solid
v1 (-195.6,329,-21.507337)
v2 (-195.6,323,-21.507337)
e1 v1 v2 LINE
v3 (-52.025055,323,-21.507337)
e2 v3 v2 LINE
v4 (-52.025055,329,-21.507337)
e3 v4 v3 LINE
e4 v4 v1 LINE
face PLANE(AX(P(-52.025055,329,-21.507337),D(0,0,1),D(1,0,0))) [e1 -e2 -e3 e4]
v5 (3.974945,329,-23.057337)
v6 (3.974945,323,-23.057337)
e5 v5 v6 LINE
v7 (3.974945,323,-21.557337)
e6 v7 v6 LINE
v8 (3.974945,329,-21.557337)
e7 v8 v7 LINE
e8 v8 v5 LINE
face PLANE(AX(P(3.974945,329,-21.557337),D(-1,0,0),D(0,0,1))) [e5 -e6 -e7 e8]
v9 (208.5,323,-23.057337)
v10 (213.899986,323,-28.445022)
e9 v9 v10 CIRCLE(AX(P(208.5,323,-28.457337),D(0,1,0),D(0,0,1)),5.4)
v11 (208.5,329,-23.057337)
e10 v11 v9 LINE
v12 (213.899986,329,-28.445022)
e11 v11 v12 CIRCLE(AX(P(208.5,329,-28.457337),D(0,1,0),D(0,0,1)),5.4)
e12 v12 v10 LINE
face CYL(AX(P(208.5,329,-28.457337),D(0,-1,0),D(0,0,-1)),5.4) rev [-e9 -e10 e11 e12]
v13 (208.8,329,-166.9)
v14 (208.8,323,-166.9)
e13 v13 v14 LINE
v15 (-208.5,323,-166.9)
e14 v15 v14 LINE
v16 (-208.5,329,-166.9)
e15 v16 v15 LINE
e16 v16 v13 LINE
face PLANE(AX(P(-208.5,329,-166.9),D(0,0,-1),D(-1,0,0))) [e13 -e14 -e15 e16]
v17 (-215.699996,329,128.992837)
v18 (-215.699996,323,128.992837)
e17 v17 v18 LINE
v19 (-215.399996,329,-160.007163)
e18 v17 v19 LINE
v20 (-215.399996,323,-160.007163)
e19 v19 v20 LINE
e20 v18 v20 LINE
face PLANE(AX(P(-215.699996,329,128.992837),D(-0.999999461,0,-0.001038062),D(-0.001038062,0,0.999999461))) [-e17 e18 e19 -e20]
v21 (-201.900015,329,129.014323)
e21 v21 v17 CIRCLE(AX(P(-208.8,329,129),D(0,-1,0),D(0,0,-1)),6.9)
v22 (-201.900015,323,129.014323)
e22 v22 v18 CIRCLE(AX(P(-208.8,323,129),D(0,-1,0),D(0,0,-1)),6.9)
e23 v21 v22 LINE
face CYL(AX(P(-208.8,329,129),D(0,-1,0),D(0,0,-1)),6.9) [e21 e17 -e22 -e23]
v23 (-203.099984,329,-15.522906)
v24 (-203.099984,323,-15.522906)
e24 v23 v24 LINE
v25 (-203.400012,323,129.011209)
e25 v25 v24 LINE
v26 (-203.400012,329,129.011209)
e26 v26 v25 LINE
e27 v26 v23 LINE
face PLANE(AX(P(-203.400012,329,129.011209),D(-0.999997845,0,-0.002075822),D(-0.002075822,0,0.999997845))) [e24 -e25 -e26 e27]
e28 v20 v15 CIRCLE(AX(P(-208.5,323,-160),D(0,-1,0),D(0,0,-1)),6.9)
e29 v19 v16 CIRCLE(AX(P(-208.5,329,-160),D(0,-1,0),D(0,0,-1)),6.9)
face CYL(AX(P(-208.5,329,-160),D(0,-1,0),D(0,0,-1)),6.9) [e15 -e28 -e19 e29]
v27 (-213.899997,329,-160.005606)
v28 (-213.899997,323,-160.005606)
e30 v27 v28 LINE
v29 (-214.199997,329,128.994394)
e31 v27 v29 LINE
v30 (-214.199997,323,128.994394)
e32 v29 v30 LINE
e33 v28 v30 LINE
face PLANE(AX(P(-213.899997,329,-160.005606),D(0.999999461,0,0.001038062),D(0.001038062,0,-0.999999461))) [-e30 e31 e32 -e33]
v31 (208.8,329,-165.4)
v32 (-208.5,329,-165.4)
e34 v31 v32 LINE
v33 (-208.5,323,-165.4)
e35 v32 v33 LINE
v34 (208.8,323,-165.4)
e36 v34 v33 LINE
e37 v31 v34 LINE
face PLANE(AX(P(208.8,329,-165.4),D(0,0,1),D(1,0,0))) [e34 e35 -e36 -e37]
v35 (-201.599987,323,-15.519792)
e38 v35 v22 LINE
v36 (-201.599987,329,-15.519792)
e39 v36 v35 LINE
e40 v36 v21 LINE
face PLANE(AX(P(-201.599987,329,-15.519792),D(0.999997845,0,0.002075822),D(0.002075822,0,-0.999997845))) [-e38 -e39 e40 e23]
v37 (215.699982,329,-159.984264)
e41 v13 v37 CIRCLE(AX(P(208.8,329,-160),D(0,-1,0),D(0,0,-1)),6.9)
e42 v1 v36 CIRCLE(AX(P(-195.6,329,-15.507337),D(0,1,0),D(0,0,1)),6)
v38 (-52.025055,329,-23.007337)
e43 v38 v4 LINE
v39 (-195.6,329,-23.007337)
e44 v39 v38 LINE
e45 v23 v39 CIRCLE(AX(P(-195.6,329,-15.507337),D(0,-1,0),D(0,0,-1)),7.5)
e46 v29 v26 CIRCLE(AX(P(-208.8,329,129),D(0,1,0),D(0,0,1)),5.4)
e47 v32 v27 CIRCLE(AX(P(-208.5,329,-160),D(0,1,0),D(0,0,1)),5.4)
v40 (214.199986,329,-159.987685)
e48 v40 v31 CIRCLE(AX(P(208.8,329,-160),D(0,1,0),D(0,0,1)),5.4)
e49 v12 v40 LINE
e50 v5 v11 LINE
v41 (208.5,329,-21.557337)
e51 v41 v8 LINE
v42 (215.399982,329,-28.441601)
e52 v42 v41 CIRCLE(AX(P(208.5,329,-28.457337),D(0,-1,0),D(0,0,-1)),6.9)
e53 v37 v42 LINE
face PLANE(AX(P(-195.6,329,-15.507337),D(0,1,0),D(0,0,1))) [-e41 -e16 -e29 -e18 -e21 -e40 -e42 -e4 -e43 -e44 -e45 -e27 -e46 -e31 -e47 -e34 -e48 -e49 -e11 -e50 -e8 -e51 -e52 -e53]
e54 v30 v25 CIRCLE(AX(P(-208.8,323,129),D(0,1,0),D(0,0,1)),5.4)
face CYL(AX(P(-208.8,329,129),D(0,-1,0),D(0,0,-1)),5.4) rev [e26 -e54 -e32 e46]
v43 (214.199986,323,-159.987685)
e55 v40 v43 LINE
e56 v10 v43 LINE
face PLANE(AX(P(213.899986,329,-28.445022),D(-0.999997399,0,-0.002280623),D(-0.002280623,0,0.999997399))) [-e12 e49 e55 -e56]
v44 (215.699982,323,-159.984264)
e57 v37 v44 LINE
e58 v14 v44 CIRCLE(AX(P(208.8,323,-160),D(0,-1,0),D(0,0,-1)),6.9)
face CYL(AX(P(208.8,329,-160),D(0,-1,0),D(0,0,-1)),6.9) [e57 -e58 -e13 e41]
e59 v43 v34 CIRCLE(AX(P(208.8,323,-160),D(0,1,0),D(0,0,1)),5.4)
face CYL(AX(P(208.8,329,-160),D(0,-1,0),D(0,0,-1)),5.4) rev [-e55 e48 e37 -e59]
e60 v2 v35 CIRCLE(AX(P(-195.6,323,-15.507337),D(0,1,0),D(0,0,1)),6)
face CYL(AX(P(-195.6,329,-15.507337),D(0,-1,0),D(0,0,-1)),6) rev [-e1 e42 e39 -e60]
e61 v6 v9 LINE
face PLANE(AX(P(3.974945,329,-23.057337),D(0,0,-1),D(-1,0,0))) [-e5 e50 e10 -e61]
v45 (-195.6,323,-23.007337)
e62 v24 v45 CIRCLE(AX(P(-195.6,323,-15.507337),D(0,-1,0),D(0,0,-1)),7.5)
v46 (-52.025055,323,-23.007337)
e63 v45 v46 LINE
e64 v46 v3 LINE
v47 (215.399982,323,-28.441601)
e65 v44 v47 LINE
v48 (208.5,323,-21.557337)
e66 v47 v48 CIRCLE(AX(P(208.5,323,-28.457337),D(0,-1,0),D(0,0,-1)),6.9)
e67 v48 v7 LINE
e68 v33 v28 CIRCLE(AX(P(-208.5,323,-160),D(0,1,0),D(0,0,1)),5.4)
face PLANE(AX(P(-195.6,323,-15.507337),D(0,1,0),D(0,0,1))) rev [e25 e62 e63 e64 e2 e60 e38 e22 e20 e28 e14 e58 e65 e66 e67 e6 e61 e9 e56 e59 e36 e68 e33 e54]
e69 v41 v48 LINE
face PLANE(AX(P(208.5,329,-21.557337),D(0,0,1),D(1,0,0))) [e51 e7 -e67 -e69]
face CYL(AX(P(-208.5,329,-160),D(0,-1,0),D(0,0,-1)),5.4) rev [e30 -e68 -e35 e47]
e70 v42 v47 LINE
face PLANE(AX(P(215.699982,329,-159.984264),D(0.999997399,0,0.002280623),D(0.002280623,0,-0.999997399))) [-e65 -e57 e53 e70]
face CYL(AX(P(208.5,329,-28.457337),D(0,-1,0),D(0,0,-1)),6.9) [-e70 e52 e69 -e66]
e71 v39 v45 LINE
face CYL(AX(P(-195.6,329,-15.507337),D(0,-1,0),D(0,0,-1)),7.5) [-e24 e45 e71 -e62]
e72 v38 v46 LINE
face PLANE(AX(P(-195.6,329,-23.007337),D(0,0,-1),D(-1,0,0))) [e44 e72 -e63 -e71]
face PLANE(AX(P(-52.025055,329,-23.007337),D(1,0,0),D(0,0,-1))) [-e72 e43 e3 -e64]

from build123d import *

# Parameters (mm, degrees)
BOSS_EXTRUDE1_DEPTH = 6


with BuildPart() as part:
    # Sketch1 → Boss-Extrude1 (new body)
    with BuildSketch(Plane.XZ.offset(-323)):
        with BuildLine():
            Line((-52.025054896, -21.507337011), (-195.6, -21.507337011))
            ThreePointArc((-195.6, -21.507337011), (-199.838234915, -19.754378899), (-201.599987073, -15.519791945))
            Line((-201.599987073, -15.519791945), (-201.900014866, 129.014323174))
            ThreePointArc((-201.900014866, 129.014323174), (-208.810742902, 135.899991637), (-215.699996282, 128.992837374))
            Line((-215.699996282, 128.992837374), (-215.399996282, -160.007162626))
            ThreePointArc((-215.399996282, -160.007162626), (-213.376503762, -164.881568504), (-208.5, -166.9))
            Line((-208.5, -166.9), (208.8, -166.9))
            ThreePointArc((208.8, -166.9), (213.684597243, -164.873469993), (215.699982056, -159.984263701))
            Line((215.699982056, -159.984263701), (215.399982056, -28.441600712))
            ThreePointArc((215.399982056, -28.441600712), (213.373469993, -23.572739768), (208.5, -21.557337011))
            Line((208.5, -21.557337011), (3.974945104, -21.557337011))
            Line((3.974945104, -21.557337011), (3.974945104, -23.057337011))
            Line((3.974945104, -23.057337011), (208.5, -23.057337011))
            ThreePointArc((208.5, -23.057337011), (212.314019994, -24.634608733), (213.899985957, -28.445021647))
            Line((213.899985957, -28.445021647), (214.199985957, -159.987684636))
            ThreePointArc((214.199985957, -159.987684636), (212.622728277, -163.814019994), (208.8, -165.4))
            Line((208.8, -165.4), (-208.5, -165.4))
            ThreePointArc((-208.5, -165.4), (-212.316394249, -163.82035796), (-213.899997091, -160.005605533))
            Line((-213.899997091, -160.005605533), (-214.199997091, 128.994394467))
            ThreePointArc((-214.199997091, 128.994394467), (-208.808407488, 134.399993455), (-203.400011634, 129.011209441))
            Line((-203.400011634, 129.011209441), (-203.099983841, -15.522905679))
            ThreePointArc((-203.099983841, -15.522905679), (-200.897793644, -20.816139371), (-195.6, -23.007337011))
            Line((-195.6, -23.007337011), (-52.025054896, -23.007337011))
            Line((-52.025054896, -23.007337011), (-52.025054896, -21.507337011))
        make_face()
    extrude(amount=-BOSS_EXTRUDE1_DEPTH)


solid = part.part
